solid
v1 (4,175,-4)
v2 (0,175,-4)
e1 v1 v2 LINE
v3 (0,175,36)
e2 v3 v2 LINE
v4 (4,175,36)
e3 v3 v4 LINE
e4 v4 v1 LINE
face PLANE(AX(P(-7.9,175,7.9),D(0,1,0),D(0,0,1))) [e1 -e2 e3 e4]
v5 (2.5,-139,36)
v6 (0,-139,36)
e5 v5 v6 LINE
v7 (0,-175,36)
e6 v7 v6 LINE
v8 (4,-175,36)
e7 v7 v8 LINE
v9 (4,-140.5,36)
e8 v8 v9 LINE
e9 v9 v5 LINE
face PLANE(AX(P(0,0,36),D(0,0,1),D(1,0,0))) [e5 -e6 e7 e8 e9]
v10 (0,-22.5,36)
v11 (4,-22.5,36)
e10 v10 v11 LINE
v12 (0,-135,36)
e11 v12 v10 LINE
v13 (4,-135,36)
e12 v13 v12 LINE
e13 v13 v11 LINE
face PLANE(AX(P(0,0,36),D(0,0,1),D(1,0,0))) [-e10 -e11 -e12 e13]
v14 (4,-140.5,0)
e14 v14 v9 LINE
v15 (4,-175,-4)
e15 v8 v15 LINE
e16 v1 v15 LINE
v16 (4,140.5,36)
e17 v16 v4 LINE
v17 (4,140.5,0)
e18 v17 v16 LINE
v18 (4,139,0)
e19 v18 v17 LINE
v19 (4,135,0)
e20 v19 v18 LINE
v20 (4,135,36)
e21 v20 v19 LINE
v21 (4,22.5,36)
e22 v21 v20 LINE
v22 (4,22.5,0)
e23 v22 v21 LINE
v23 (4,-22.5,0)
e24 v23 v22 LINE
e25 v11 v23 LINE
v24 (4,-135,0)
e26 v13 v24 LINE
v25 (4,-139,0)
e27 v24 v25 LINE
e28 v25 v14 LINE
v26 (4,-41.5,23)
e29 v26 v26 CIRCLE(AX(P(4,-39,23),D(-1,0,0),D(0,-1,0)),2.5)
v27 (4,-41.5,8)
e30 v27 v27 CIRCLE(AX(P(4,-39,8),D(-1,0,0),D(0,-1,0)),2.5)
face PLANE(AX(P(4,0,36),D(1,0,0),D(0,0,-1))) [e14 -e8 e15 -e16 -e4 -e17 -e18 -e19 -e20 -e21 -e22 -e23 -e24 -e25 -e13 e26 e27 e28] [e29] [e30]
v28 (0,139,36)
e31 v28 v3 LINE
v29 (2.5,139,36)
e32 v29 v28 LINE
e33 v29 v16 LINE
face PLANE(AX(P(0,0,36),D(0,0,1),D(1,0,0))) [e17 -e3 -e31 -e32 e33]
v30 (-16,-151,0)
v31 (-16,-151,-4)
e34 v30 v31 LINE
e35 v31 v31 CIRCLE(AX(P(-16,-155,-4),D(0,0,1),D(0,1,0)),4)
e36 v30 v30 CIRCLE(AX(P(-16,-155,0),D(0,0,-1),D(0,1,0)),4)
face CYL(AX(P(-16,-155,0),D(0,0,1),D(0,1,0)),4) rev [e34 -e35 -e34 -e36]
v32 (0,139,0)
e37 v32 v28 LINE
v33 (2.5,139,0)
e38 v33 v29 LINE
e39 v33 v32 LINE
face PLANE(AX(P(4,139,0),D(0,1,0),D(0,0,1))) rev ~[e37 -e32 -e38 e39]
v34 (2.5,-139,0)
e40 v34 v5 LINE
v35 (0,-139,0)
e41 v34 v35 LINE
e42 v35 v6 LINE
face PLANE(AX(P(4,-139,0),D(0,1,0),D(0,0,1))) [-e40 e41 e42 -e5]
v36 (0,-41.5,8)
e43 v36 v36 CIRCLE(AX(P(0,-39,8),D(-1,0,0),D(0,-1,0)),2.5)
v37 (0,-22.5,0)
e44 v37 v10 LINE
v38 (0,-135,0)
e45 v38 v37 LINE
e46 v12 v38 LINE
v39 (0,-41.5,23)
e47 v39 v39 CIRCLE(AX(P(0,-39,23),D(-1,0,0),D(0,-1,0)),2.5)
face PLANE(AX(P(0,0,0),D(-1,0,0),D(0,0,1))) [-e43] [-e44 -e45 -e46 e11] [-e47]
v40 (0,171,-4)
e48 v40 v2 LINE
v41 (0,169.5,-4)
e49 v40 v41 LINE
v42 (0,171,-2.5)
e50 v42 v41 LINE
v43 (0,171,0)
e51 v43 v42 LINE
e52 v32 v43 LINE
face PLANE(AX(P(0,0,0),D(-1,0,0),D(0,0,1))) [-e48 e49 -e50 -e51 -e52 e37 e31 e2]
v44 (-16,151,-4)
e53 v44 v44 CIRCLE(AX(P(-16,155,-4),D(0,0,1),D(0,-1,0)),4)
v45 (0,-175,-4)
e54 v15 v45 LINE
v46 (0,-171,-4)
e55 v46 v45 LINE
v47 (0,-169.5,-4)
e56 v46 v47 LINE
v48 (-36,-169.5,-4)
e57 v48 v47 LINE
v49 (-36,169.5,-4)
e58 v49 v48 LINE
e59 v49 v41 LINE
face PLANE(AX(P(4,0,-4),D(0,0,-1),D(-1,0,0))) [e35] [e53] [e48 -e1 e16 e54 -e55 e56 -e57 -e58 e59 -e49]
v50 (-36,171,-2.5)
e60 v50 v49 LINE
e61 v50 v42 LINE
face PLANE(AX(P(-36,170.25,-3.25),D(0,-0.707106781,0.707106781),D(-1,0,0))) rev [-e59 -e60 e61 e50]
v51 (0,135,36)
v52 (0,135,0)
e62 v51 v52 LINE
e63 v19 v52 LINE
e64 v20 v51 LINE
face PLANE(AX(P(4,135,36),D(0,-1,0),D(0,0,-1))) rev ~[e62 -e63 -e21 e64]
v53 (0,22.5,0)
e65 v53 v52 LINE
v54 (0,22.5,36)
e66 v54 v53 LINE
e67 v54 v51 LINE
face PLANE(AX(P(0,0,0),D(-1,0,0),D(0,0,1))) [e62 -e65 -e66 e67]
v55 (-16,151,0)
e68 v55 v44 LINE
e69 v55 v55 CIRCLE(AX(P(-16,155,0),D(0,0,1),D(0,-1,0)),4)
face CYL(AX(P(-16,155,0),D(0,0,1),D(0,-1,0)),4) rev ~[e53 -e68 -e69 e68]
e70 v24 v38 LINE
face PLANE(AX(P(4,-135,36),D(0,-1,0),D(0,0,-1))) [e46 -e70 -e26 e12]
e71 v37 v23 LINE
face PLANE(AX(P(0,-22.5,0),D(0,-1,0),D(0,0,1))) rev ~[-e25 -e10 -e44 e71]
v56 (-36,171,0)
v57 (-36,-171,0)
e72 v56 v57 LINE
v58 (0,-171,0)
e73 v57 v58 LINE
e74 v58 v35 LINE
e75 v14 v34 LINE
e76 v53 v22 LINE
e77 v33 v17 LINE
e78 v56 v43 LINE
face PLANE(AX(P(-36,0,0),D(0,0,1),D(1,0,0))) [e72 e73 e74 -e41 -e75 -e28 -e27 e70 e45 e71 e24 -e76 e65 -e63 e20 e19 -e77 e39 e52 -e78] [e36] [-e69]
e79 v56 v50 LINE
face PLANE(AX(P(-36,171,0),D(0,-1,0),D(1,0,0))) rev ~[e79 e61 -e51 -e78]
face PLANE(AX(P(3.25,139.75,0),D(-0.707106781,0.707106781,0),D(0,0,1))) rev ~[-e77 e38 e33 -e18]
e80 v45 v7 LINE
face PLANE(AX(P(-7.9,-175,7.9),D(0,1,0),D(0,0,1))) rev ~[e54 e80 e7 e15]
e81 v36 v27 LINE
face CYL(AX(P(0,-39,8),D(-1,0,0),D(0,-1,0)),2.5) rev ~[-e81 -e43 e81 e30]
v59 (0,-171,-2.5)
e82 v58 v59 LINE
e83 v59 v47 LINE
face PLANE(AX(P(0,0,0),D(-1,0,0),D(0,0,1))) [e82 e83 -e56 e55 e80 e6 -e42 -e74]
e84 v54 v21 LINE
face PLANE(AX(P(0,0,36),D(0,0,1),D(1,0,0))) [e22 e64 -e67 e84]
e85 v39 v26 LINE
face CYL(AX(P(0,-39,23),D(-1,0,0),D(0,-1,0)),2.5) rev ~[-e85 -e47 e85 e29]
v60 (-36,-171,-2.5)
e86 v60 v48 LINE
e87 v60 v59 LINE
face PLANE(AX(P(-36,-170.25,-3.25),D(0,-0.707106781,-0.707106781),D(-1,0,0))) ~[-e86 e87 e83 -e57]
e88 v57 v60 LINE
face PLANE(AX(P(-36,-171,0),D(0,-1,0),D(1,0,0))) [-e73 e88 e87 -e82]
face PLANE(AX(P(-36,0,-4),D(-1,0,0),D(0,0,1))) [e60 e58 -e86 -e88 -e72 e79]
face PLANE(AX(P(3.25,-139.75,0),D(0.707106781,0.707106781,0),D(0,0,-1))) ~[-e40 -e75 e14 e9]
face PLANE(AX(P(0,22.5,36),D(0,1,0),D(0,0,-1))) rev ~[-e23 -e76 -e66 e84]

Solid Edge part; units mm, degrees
sketch "Sketch1" plane through (0, 0, 0) normal (0, -1, 0) x (1, 0, 0)
  line L0 (-36, 0) -> (0, 0)
  line L1 (0, 0) -> (0, 36)
  line L2 (0, 36) -> (4, 36)
  line L3 (4, 36) -> (4, -4)
  line L4 (4, -4) -> (-36, -4)
  line L5 (-36, -4) -> (-36, 0)
  dimension "D1" = 36
  dimension "D2" = 4
extrude "Protrusion1" add sketch "Sketch1" along normal mid plane 350
sketch "Sketch2" plane through (-18, 0, 0) normal (0, 0, 1) x (0, -1, 0)
  circle A0 centre (-155, 2) radius 4
  dimension "D1" = 20
  dimension "D2" = 20
  dimension "D3" = 8
extrude "Cutout1" cut sketch "Sketch2" against normal through all
mirror "Mirror1" about plane through (0, 0, 0) normal (0, -1, 0) of "Cutout1"
sketch "Sketch3" plane through (0, 0, 18) normal (-1, 0, 0) x (0, -1, 0)
  line L0 (-22.5, -18) -> (22.5, -18)
  line L1 (22.5, -18) -> (22.5, 18)
  line L2 (22.5, 18) -> (-22.5, 18)
  line L3 (-22.5, 18) -> (-22.5, -18)
  dimension "D1" = 45
extrude "Cutout2" cut sketch "Sketch3" against normal through all
sketch "Sketch4" plane through (0, -97.75, 18) normal (-1, 0, 0) x (0, -1, 0)
  circle A0 centre (-58.75, 5) radius 2.5
  circle A1 centre (-58.75, -10) radius 2.5
  dimension "D1" = 15
  dimension "D2" = 5
  dimension "D3" = 16.5
  dimension "D4" = 8
extrude "Cutout3" cut sketch "Sketch4" against normal through all
sketch "Sketch5" plane through (-16, 0, 0) normal (0, 0, 1) x (0, 1, 0)
  line L0 (175, 20) -> (171, 20)
  line L1 (171, 20) -> (171, -16)
  line L2 (171, -16) -> (175, -16)
  line L3 (175, -16) -> (175, 20)
  dimension "D1" = 4
extrude "Cutout4" cut sketch "Sketch5" against normal up to next
sketch "Sketch6" plane through (4, 0, 16) normal (1, 0, 0) x (0, 1, 0)
  line L0 (139, 20) -> (135, 20)
  line L1 (135, 20) -> (135, -16)
  line L2 (135, -16) -> (139, -16)
  line L3 (139, -16) -> (139, 20)
  dimension "D1" = 4
  dimension "D2" = 40
extrude "Cutout5" cut sketch "Sketch6" against normal up to next
sketch "Sketch7" plane through (-16, -2, 0) normal (0, 0, 1) x (0, 1, 0)
  line L0 (-173, 20) -> (-169, 20)
  line L1 (-169, 20) -> (-169, -16)
  line L2 (-169, -16) -> (-173, -16)
  line L3 (-173, -16) -> (-173, 20)
  dimension "D1" = 4
extrude "Cutout6" cut sketch "Sketch7" against normal up to next
sketch "Sketch8" plane through (4, 0, 16) normal (1, 0, 0) x (0, 1, 0)
  line L0 (-139, 20) -> (-135, 20)
  line L1 (-135, 20) -> (-135, -16)
  line L2 (-135, -16) -> (-139, -16)
  line L3 (-139, -16) -> (-139, 20)
  dimension "D1" = 4
  dimension "D2" = 40
extrude "Cutout7" cut sketch "Sketch8" against normal up to next
chamfer "Fase_3" distance 1.5 angle 45 4 edges at (4, 139, 18) (4, -139, 18) (-18, 171, -4) (-18, -171, -4)
properties material "Aluminium, 7075-T6"
